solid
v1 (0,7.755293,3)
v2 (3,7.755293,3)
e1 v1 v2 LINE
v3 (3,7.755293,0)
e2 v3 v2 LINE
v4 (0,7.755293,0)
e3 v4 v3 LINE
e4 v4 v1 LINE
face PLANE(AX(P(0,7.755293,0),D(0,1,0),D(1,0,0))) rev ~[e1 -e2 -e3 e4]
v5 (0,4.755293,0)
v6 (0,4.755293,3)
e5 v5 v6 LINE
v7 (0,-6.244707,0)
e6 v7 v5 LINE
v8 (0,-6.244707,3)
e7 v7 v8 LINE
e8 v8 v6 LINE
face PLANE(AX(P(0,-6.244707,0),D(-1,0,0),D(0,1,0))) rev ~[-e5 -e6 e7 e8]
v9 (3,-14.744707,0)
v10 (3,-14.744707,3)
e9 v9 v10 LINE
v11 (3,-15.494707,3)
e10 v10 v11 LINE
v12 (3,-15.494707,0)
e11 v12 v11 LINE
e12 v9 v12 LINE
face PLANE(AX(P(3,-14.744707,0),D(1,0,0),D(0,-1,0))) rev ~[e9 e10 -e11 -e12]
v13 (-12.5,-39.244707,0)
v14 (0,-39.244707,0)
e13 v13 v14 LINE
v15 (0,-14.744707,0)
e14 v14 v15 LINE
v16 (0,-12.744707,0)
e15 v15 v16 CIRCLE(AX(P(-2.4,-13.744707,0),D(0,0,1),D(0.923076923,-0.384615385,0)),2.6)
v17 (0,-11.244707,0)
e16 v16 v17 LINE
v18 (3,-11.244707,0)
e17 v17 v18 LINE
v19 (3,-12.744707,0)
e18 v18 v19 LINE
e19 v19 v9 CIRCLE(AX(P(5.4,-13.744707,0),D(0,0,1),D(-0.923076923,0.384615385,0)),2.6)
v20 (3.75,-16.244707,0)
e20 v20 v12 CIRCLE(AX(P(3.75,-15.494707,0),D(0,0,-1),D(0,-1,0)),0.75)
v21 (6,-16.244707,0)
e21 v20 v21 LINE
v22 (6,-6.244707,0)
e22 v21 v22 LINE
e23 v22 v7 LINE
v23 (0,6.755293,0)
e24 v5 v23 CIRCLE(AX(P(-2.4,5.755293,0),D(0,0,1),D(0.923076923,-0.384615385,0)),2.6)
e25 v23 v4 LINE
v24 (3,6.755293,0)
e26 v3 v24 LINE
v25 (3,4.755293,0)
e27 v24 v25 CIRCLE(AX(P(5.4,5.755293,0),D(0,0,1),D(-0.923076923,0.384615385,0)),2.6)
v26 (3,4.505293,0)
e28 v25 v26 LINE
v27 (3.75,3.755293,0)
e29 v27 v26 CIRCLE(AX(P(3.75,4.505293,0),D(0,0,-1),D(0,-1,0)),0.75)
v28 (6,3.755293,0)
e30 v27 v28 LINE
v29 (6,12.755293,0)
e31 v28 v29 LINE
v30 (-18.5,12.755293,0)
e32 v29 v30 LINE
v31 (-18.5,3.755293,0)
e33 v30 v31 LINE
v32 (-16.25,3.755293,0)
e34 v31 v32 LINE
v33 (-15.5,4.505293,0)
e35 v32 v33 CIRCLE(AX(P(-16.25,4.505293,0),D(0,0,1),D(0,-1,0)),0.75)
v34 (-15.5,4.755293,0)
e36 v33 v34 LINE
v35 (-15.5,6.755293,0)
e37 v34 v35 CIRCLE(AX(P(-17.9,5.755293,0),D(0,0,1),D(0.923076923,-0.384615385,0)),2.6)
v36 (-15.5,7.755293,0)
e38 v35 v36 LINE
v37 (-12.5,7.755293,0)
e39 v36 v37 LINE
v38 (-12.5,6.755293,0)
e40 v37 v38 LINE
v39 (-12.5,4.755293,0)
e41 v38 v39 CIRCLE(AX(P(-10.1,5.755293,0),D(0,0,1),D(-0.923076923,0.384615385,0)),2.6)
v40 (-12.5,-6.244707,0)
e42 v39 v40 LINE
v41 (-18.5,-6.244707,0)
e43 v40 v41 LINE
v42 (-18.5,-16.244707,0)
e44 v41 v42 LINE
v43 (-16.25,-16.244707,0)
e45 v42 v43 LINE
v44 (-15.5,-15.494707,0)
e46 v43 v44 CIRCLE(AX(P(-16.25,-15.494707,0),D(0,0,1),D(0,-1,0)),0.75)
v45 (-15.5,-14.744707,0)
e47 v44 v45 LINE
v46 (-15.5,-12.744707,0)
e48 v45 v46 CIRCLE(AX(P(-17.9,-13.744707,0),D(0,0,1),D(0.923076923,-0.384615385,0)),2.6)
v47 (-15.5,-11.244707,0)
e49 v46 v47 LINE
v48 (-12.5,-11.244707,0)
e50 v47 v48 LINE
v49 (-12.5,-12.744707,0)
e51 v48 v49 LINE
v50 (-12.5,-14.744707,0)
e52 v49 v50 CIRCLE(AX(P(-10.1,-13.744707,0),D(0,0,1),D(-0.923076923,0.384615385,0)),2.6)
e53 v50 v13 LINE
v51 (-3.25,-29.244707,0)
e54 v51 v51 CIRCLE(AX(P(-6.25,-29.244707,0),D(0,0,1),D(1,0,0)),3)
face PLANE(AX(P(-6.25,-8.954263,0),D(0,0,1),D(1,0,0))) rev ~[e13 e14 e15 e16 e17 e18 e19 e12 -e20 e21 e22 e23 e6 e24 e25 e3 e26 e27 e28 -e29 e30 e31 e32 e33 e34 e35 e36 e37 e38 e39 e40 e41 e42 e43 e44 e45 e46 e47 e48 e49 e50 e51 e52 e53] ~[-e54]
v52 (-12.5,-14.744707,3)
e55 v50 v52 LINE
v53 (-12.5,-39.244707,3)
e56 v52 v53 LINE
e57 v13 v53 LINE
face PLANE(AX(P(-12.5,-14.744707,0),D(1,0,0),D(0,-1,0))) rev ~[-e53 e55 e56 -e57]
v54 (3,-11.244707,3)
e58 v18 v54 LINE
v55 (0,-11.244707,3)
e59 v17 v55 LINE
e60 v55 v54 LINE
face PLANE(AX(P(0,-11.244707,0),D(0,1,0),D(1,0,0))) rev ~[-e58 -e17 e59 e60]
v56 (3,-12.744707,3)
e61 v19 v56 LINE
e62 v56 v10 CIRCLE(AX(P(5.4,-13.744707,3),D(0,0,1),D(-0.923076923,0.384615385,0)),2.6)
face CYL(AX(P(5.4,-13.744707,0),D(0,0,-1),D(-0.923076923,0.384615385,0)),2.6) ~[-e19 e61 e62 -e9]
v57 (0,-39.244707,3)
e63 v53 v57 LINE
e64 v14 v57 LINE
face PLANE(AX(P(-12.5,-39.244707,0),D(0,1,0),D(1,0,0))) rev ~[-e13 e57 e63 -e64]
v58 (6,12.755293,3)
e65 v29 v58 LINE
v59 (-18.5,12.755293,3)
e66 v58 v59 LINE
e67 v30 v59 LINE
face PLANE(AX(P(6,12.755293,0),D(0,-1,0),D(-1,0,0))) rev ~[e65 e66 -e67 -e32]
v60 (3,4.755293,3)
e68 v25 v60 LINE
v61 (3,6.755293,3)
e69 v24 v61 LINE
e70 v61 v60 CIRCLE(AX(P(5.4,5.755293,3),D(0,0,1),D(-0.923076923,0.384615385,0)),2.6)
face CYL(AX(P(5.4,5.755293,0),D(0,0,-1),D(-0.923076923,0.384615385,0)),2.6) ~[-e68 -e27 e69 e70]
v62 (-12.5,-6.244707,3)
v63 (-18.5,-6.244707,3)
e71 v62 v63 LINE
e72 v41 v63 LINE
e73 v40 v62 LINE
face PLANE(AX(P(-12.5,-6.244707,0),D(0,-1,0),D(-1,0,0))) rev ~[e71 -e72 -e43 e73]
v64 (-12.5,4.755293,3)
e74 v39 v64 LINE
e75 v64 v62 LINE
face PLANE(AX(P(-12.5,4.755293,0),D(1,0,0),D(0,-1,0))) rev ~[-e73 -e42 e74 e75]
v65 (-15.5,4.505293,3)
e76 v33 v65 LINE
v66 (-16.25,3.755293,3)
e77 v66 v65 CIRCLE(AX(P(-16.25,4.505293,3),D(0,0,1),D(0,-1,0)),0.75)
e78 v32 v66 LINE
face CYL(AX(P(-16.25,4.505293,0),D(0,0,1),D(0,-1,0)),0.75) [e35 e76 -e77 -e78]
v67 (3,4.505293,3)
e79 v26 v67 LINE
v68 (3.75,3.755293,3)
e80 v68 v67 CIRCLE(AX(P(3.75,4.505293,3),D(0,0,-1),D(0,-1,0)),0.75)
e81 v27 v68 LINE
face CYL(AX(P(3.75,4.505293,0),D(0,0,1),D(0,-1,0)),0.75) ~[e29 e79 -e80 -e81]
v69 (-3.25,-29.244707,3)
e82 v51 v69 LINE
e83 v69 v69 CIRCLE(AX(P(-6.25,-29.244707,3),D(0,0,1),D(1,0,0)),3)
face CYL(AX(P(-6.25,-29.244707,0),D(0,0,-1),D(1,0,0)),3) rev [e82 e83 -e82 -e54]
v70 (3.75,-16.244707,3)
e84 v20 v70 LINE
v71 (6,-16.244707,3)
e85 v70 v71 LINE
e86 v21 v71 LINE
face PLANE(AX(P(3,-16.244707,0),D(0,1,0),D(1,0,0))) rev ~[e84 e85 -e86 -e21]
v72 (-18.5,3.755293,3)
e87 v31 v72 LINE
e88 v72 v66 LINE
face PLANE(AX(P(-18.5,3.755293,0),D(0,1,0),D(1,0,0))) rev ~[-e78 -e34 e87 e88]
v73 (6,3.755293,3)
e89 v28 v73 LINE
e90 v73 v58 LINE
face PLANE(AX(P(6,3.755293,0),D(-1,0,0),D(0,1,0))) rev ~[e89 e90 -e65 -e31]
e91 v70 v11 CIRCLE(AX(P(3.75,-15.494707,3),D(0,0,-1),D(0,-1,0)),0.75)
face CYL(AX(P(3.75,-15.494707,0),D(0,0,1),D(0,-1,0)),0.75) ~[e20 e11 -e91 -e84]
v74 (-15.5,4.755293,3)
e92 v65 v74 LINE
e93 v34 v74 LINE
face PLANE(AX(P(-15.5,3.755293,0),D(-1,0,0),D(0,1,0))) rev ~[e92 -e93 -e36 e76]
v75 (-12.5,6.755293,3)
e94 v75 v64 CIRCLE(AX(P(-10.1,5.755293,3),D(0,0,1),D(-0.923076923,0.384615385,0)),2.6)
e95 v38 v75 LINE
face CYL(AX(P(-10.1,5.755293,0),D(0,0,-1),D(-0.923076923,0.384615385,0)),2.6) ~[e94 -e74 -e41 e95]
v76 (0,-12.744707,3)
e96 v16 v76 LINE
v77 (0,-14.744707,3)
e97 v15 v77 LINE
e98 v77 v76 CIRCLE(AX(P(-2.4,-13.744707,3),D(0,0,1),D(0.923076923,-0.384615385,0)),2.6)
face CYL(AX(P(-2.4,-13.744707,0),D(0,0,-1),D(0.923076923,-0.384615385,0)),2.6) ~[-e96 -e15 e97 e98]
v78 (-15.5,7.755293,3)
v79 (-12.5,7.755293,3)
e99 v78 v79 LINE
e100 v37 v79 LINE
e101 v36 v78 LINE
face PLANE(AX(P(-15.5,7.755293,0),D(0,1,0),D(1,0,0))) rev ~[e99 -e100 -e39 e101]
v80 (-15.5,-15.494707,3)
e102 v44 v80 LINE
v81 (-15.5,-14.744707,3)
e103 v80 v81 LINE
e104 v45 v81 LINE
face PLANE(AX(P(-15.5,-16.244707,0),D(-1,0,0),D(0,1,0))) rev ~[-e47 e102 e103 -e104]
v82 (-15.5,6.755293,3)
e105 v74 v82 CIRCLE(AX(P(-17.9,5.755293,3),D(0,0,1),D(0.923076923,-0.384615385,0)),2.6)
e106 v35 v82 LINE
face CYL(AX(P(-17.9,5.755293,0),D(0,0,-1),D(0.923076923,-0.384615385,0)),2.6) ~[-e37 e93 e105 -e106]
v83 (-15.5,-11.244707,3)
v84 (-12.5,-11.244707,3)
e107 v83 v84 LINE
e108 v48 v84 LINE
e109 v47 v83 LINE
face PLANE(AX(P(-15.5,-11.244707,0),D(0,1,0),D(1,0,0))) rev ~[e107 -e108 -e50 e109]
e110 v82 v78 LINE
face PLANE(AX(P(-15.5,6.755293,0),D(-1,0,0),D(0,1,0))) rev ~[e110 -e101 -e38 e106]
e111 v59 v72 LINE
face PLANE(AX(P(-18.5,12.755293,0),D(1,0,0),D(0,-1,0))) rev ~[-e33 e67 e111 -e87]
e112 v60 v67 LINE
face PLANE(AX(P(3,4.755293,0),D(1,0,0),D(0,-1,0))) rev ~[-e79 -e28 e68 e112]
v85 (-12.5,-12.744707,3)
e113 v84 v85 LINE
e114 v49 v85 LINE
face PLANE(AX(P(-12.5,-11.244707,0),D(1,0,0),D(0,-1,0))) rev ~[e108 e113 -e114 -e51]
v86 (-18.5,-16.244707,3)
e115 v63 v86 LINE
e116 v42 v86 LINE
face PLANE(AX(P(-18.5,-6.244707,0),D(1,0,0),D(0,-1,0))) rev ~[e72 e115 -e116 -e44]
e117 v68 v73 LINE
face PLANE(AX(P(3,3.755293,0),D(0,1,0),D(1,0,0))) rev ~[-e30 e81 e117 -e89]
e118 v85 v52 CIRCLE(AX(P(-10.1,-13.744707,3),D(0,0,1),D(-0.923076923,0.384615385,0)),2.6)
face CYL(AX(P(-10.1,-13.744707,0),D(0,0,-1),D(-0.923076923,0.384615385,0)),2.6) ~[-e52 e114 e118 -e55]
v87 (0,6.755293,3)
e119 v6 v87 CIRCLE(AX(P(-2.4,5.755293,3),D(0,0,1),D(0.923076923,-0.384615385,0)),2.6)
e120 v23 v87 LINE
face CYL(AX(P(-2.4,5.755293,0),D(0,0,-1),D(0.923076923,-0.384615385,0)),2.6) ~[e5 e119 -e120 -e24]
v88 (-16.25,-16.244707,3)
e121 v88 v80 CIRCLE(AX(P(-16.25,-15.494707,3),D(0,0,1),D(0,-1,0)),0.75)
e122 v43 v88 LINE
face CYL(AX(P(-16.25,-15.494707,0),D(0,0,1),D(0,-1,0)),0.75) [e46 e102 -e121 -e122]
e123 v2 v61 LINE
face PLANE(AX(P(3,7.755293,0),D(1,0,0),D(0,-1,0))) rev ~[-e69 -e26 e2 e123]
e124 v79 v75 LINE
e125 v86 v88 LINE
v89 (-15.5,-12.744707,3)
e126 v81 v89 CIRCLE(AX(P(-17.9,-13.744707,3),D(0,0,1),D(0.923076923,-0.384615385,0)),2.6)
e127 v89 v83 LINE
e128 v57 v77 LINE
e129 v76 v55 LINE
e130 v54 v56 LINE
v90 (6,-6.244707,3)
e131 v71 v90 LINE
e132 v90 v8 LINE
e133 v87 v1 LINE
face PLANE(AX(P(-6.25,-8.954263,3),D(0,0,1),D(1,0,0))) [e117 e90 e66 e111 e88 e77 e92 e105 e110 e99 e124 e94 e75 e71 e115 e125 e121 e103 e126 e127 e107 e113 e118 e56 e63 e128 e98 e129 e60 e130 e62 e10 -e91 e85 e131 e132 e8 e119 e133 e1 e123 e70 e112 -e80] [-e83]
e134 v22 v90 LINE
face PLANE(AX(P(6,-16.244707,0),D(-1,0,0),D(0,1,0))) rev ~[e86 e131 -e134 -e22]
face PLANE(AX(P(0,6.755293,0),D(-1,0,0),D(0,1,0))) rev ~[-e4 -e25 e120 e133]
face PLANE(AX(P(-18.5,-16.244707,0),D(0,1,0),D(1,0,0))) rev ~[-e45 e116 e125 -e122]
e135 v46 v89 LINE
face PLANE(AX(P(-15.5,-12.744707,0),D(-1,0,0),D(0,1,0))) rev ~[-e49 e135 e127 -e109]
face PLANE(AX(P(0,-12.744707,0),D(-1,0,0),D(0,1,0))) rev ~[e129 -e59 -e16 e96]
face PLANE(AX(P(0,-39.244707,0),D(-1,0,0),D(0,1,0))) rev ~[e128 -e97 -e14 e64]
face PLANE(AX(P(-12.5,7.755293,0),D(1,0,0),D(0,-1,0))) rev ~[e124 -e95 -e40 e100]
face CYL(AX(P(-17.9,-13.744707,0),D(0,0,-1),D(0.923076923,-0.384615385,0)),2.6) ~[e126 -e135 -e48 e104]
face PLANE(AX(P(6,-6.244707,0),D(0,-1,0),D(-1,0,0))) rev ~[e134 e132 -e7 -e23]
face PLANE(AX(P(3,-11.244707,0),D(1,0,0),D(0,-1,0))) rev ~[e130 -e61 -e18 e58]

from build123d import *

# Parameters (mm, degrees)
SKETCH1_R           = 3
BOSS_EXTRUDE1_DEPTH = 3
FILLET3_R           = 0.75
FILLET4_R           = 0.75


with BuildPart() as part:
    # Sketch1 → Boss-Extrude1 (new body)
    with BuildSketch(Plane.XY):
        with BuildLine():
            Line((6, 12.755292895), (-18.5, 12.755292895))
            Line((-18.5, 12.755292895), (-18.5, 3.755292895))
            Line((-18.5, 3.755292895), (-15.5, 3.755292895))
            Line((-15.5, 3.755292895), (-15.5, 4.755292895))
            ThreePointArc((-15.5, 4.755292895), (-15.3, 5.755292895), (-15.5, 6.755292895))
            Line((-15.5, 6.755292895), (-15.5, 7.755292895))
            Line((-15.5, 7.755292895), (-12.5, 7.755292895))
            Line((-12.5, 7.755292895), (-12.5, 6.755292895))
            ThreePointArc((-12.5, 6.755292895), (-12.7, 5.755292895), (-12.5, 4.755292895))
            Line((-12.5, 4.755292895), (-12.5, -6.244707105))
            Line((-12.5, -6.244707105), (-18.5, -6.244707105))
            Line((-18.5, -6.244707105), (-18.5, -16.244707105))
            Line((-18.5, -16.244707105), (-15.5, -16.244707105))
            Line((-15.5, -16.244707105), (-15.5, -14.744707105))
            ThreePointArc((-15.5, -14.744707105), (-15.3, -13.744707105), (-15.5, -12.744707105))
            Line((-15.5, -12.744707105), (-15.5, -11.244707105))
            Line((-15.5, -11.244707105), (-12.5, -11.244707105))
            Line((-12.5, -11.244707105), (-12.5, -12.744707105))
            ThreePointArc((-12.5, -12.744707105), (-12.7, -13.744707105), (-12.5, -14.744707105))
            Line((-12.5, -14.744707105), (-12.5, -39.244707105))
            Line((-12.5, -39.244707105), (0, -39.244707105))
            Line((0, -39.244707105), (0, -14.744707105))
            ThreePointArc((0, -14.744707105), (0.2, -13.744707105), (0, -12.744707105))
            Line((0, -12.744707105), (0, -11.244707105))
            Line((0, -11.244707105), (3, -11.244707105))
            Line((3, -11.244707105), (3, -12.744707105))
            ThreePointArc((3, -12.744707105), (2.8, -13.744707105), (3, -14.744707105))
            Line((3, -14.744707105), (3, -16.244707105))
            Line((3, -16.244707105), (6, -16.244707105))
            Line((6, -16.244707105), (6, -6.244707105))
            Line((6, -6.244707105), (0, -6.244707105))
            Line((0, -6.244707105), (0, 4.755292895))
            ThreePointArc((0, 4.755292895), (0.2, 5.755292895), (0, 6.755292895))
            Line((0, 6.755292895), (0, 7.755292895))
            Line((0, 7.755292895), (3, 7.755292895))
            Line((3, 7.755292895), (3, 6.755292895))
            ThreePointArc((3, 6.755292895), (2.8, 5.755292895), (3, 4.755292895))
            Line((3, 4.755292895), (3, 3.755292895))
            Line((3, 3.755292895), (6, 3.755292895))
            Line((6, 3.755292895), (6, 12.755292895))
        make_face()
        with Locations((-6.25, -29.244707105)):
            Circle(SKETCH1_R, mode=Mode.SUBTRACT)
    extrude(amount=BOSS_EXTRUDE1_DEPTH)

    # Fillet3
    fillet3_edges = [part.edges().sort_by_distance(p)[0] for p in [
        (3, 3.755292895, 1.5),
    ]]
    fillet(fillet3_edges, radius=FILLET3_R)

    # Fillet4
    fillet4_edges = [part.edges().sort_by_distance(p)[0] for p in [
        (-15.5, 3.755292895, 1.5),
        (3, -16.244707105, 1.5),
        (-15.5, -16.244707105, 1.5),
    ]]
    fillet(fillet4_edges, radius=FILLET4_R)


solid = part.part
